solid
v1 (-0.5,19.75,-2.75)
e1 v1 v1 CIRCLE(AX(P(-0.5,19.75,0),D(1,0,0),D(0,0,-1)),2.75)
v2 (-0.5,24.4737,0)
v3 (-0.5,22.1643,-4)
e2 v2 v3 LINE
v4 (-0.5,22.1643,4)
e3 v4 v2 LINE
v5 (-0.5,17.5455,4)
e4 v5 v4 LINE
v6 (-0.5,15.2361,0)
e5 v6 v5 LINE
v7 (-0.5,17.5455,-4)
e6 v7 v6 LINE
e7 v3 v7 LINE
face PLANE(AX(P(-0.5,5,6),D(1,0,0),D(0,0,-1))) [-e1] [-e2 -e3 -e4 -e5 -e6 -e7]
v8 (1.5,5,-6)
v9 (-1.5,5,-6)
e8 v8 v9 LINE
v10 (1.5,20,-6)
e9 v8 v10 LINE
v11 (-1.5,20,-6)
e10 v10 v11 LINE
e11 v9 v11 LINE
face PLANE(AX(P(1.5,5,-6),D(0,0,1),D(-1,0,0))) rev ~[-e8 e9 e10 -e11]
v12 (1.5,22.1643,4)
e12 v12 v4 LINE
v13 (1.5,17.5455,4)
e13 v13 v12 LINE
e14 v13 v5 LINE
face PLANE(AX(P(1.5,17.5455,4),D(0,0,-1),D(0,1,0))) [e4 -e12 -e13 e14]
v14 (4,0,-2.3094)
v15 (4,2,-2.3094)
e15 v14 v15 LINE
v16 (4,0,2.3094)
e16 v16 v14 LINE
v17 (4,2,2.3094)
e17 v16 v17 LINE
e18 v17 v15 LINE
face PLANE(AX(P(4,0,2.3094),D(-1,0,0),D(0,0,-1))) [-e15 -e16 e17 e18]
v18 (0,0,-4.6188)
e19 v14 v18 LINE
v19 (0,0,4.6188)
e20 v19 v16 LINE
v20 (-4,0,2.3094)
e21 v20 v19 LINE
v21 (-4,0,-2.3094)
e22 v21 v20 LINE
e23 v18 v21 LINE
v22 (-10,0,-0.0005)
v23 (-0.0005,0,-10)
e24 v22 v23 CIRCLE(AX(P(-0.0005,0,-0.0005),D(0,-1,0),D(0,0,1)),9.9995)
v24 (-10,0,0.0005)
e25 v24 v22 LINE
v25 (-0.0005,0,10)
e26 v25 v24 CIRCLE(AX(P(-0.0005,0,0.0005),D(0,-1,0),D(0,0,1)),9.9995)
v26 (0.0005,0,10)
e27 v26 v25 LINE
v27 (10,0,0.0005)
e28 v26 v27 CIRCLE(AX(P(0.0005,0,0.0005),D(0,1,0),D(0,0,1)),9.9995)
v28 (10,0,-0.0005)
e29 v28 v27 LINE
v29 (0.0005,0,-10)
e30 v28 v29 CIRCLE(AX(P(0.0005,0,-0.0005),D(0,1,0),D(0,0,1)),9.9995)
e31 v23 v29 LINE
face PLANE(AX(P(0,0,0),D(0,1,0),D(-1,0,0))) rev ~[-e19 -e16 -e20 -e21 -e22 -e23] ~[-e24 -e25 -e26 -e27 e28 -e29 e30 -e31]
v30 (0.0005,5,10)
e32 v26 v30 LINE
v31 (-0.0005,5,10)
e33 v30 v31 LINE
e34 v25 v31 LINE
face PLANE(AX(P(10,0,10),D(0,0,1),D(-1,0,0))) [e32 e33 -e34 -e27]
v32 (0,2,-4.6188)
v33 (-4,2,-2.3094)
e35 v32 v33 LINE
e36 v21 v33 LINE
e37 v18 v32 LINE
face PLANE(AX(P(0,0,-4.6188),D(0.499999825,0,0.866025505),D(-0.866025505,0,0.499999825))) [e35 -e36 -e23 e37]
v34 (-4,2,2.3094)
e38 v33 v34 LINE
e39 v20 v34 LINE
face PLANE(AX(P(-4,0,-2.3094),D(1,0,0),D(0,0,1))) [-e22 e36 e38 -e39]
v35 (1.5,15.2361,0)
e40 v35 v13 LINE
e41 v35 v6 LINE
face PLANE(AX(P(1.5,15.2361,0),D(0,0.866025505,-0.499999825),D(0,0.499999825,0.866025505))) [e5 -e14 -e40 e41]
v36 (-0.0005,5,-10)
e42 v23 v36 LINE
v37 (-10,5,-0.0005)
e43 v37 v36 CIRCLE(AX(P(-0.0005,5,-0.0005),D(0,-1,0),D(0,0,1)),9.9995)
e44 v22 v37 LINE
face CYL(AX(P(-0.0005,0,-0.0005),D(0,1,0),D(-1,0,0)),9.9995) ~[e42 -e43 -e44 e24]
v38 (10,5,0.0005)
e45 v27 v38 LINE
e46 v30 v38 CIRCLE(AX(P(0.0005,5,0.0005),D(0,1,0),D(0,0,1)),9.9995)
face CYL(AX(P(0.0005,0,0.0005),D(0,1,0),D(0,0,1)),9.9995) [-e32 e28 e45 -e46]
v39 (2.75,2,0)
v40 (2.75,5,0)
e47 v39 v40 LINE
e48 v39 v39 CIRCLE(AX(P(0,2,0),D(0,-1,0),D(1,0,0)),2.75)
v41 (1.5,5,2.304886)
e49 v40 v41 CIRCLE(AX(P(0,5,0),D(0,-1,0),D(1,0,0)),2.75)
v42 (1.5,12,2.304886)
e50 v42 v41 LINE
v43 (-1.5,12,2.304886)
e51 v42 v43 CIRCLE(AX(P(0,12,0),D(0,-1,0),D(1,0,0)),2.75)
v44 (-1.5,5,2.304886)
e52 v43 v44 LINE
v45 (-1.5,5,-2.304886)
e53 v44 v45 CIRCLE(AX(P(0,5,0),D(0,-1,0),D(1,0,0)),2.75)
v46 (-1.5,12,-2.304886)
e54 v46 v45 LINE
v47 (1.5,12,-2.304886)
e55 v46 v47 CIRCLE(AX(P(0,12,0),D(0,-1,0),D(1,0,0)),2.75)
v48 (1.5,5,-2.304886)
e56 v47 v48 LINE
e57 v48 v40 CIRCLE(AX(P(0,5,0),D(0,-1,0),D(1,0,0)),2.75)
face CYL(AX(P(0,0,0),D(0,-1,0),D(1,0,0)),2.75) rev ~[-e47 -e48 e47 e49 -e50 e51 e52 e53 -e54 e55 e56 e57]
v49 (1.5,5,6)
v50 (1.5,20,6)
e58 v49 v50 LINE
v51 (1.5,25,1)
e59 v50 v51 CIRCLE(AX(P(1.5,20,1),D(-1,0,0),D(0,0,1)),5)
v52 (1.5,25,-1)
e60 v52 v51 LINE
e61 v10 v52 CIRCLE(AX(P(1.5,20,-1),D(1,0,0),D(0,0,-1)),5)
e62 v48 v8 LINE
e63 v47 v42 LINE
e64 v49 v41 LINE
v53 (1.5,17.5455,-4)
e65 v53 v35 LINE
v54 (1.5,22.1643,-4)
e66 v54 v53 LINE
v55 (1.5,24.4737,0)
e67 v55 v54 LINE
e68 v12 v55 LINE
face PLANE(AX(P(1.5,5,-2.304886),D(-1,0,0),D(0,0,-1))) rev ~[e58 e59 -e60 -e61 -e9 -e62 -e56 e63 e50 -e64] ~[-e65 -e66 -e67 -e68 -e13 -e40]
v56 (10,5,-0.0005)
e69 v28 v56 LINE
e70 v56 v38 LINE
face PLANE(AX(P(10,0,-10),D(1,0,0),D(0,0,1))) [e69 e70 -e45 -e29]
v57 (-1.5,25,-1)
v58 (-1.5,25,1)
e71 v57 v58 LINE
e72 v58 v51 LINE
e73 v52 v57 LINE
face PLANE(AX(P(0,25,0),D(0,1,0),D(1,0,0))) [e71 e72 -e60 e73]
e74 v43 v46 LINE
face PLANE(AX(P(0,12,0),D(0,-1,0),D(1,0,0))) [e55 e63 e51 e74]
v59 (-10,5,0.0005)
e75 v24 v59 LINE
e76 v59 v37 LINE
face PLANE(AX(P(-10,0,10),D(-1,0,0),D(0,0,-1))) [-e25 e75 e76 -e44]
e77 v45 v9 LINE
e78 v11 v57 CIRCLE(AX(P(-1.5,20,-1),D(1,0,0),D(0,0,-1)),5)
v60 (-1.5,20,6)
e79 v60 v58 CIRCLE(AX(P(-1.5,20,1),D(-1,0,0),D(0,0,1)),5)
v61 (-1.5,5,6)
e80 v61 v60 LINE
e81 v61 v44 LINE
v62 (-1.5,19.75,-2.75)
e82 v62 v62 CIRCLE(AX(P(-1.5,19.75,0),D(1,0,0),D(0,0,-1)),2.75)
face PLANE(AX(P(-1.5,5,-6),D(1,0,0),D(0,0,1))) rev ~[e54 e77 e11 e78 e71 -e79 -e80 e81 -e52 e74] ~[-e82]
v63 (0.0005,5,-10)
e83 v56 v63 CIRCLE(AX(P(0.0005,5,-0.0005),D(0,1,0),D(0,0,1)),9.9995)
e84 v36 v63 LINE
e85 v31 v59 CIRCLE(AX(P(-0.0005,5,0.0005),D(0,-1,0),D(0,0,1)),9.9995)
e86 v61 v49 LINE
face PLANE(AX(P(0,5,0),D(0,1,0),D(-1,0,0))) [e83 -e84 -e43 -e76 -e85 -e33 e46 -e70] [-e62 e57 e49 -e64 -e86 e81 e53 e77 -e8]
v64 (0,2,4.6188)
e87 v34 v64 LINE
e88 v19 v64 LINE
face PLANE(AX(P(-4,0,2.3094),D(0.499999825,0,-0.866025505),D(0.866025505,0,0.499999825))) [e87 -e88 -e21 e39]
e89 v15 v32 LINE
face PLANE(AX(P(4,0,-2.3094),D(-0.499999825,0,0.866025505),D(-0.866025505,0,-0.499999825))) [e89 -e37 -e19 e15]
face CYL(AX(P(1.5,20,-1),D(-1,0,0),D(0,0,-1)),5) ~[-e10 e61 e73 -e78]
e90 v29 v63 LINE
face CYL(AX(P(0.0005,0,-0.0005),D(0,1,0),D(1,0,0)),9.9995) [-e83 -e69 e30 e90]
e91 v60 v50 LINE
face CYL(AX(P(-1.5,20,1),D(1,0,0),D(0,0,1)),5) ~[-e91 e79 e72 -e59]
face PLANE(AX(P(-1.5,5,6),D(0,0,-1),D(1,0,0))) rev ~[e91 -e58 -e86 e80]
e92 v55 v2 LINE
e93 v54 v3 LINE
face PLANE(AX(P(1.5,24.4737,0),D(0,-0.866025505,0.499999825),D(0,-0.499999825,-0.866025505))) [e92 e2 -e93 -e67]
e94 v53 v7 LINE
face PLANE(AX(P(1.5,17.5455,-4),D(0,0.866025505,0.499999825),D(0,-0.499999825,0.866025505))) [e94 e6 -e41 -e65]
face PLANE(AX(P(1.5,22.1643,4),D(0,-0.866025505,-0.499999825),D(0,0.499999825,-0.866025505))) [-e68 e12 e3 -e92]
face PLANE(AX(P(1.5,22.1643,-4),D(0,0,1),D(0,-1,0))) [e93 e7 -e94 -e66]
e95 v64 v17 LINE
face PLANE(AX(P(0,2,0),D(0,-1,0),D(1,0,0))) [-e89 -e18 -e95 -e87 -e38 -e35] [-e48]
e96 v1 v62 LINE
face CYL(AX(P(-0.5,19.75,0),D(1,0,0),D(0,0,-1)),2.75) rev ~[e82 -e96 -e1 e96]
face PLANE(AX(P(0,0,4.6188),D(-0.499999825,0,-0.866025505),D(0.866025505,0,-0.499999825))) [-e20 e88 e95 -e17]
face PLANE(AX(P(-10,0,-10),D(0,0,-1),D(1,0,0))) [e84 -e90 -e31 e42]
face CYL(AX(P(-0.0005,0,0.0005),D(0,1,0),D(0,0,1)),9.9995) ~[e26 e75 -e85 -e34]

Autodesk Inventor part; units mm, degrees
ref_plane "YZ Plane" through (0, 0, 0) normal (1, 0, 0) x (0, 1, 0)
ref_plane "XZ Plane" through (0, 0, 0) normal (0, 1, 0) x (-1, 0, 0)
ref_plane "XY Plane" through (0, 0, 0) normal (0, 0, 1) x (1, 0, 0)
sketch "Sketch1" plane through (0, 0, 0) normal (0, 1, 0) x (-1, 0, 0)
  line L0 (-10, 10) -> (10, 10)
  line L1 (10, 10) -> (10, -10)
  line L2 (10, -10) -> (-10, -10)
  line L3 (-10, -10) -> (-10, 10)
  line L4 (-10, 10) -> (10, -10) construction
  line L5 (10, 10) -> (-10, -10) construction
  point P0 (0, 0)
  dimension "d0" = 20
  dimension "d1" = 20
extrude "Extrusion1" add sketch "Sketch1" along normal blind 5
sketch "Sketch3" plane through (0, 0, 0) normal (0, -1, 0) x (1, 0, 0)
  line L0 (0, 4.6188) -> (4, 2.3094)
  line L1 (4, 2.3094) -> (4, -2.3094)
  line L2 (4, -2.3094) -> (0, -4.6188)
  line L3 (0, -4.6188) -> (-4, -2.3094)
  line L4 (-4, -2.3094) -> (-4, 2.3094)
  line L5 (-4, 2.3094) -> (0, 4.6188)
  line L6 (10, 10) -> (10, -10) projected
  point P0 (0, 0)
  point P1 (0, 0)
  point P2 (-4, 0)
  dimension "d7" = 8
extrude "Extrusion3" cut sketch "Sketch3" against normal blind 2
sketch "Sketch2" plane through (0, 0, 0) normal (0, -1, 0) x (1, 0, 0)
  circle A0 centre (0, 0) radius 2.75
  dimension "d4" = 5.5
extrude "Extrusion2" cut sketch "Sketch2" against normal blind 22.5
sketch "Sketch4" plane through (0, 5, 0) normal (0, 1, 0) x (1, 0, 0)
  line L0 (1.5, 6) -> (-1.5, 6)
  line L1 (-1.5, 6) -> (-1.5, -6)
  line L2 (-1.5, -6) -> (1.5, -6)
  line L3 (1.5, -6) -> (1.5, 6)
  circle A0 centre (0, 0) radius 2.75 projected
  line L4 (1.5, 6) -> (-1.5, -6) construction
  line L5 (-1.5, 6) -> (1.5, -6) construction
  dimension "d10" = 6
  dimension "d11" = 3
extrude "Extrusion4" add sketch "Sketch4" along normal blind 20 contours L3 A0 L1 L0 | L3 A0 L1 | L3 L2 L1 A0
sketch "Sketch5" plane through (0, 2, 0) normal (0, -1, 0) x (1, 0, 0)
  circle A0 centre (0, 0) radius 2.75
  dimension "d14" = 5.5
extrude "Extrusion5" cut sketch "Sketch5" against normal blind 10
fillet "Fillet1" radius 10 4 edges at (-10, 2.5, -10) (-10, 2.5, 10) (10, 2.5, -10) (10, 2.5, 10)
fillet "Fillet2" radius 5 2 edges at (0, 25, -6) (0, 25, 6)
sketch "Sketch6" plane through (1.5, 5, 6) normal (1, 0, 0) x (0, 0, -1)
  line L0 (6, 19.4737) -> (10, 17.1643)
  line L1 (10, 17.1643) -> (10, 12.5455)
  line L2 (10, 12.5455) -> (6, 10.2361)
  line L3 (6, 10.2361) -> (2, 12.5455)
  line L4 (2, 12.5455) -> (2, 17.1643)
  line L5 (2, 17.1643) -> (6, 19.4737)
  line L6 (12, 0) -> (12, 15) projected
  point P0 (6, -5)
  point P1 (6, 14.8549)
  dimension "d21" = 8
extrude "Extrusion6" cut sketch "Sketch6" against normal blind 2
sketch "Sketch7" plane through (-0.5, 5, 6) normal (1, 0, 0) x (0, 0, -1)
  circle A0 centre (6, 14.75) radius 2.75
  line L0 (12, 0) -> (12, 15) projected
  line L1 (5, 20) -> (7, 20) projected
  point P0 (6, -5)
  point P1 (6, 20)
  dimension "d24" = 5.5
  dimension "d25" = 6
  dimension "d26" = 5.25
extrude "Extrusion7" cut sketch "Sketch7" against normal blind 40.5
properties part number "J2"
